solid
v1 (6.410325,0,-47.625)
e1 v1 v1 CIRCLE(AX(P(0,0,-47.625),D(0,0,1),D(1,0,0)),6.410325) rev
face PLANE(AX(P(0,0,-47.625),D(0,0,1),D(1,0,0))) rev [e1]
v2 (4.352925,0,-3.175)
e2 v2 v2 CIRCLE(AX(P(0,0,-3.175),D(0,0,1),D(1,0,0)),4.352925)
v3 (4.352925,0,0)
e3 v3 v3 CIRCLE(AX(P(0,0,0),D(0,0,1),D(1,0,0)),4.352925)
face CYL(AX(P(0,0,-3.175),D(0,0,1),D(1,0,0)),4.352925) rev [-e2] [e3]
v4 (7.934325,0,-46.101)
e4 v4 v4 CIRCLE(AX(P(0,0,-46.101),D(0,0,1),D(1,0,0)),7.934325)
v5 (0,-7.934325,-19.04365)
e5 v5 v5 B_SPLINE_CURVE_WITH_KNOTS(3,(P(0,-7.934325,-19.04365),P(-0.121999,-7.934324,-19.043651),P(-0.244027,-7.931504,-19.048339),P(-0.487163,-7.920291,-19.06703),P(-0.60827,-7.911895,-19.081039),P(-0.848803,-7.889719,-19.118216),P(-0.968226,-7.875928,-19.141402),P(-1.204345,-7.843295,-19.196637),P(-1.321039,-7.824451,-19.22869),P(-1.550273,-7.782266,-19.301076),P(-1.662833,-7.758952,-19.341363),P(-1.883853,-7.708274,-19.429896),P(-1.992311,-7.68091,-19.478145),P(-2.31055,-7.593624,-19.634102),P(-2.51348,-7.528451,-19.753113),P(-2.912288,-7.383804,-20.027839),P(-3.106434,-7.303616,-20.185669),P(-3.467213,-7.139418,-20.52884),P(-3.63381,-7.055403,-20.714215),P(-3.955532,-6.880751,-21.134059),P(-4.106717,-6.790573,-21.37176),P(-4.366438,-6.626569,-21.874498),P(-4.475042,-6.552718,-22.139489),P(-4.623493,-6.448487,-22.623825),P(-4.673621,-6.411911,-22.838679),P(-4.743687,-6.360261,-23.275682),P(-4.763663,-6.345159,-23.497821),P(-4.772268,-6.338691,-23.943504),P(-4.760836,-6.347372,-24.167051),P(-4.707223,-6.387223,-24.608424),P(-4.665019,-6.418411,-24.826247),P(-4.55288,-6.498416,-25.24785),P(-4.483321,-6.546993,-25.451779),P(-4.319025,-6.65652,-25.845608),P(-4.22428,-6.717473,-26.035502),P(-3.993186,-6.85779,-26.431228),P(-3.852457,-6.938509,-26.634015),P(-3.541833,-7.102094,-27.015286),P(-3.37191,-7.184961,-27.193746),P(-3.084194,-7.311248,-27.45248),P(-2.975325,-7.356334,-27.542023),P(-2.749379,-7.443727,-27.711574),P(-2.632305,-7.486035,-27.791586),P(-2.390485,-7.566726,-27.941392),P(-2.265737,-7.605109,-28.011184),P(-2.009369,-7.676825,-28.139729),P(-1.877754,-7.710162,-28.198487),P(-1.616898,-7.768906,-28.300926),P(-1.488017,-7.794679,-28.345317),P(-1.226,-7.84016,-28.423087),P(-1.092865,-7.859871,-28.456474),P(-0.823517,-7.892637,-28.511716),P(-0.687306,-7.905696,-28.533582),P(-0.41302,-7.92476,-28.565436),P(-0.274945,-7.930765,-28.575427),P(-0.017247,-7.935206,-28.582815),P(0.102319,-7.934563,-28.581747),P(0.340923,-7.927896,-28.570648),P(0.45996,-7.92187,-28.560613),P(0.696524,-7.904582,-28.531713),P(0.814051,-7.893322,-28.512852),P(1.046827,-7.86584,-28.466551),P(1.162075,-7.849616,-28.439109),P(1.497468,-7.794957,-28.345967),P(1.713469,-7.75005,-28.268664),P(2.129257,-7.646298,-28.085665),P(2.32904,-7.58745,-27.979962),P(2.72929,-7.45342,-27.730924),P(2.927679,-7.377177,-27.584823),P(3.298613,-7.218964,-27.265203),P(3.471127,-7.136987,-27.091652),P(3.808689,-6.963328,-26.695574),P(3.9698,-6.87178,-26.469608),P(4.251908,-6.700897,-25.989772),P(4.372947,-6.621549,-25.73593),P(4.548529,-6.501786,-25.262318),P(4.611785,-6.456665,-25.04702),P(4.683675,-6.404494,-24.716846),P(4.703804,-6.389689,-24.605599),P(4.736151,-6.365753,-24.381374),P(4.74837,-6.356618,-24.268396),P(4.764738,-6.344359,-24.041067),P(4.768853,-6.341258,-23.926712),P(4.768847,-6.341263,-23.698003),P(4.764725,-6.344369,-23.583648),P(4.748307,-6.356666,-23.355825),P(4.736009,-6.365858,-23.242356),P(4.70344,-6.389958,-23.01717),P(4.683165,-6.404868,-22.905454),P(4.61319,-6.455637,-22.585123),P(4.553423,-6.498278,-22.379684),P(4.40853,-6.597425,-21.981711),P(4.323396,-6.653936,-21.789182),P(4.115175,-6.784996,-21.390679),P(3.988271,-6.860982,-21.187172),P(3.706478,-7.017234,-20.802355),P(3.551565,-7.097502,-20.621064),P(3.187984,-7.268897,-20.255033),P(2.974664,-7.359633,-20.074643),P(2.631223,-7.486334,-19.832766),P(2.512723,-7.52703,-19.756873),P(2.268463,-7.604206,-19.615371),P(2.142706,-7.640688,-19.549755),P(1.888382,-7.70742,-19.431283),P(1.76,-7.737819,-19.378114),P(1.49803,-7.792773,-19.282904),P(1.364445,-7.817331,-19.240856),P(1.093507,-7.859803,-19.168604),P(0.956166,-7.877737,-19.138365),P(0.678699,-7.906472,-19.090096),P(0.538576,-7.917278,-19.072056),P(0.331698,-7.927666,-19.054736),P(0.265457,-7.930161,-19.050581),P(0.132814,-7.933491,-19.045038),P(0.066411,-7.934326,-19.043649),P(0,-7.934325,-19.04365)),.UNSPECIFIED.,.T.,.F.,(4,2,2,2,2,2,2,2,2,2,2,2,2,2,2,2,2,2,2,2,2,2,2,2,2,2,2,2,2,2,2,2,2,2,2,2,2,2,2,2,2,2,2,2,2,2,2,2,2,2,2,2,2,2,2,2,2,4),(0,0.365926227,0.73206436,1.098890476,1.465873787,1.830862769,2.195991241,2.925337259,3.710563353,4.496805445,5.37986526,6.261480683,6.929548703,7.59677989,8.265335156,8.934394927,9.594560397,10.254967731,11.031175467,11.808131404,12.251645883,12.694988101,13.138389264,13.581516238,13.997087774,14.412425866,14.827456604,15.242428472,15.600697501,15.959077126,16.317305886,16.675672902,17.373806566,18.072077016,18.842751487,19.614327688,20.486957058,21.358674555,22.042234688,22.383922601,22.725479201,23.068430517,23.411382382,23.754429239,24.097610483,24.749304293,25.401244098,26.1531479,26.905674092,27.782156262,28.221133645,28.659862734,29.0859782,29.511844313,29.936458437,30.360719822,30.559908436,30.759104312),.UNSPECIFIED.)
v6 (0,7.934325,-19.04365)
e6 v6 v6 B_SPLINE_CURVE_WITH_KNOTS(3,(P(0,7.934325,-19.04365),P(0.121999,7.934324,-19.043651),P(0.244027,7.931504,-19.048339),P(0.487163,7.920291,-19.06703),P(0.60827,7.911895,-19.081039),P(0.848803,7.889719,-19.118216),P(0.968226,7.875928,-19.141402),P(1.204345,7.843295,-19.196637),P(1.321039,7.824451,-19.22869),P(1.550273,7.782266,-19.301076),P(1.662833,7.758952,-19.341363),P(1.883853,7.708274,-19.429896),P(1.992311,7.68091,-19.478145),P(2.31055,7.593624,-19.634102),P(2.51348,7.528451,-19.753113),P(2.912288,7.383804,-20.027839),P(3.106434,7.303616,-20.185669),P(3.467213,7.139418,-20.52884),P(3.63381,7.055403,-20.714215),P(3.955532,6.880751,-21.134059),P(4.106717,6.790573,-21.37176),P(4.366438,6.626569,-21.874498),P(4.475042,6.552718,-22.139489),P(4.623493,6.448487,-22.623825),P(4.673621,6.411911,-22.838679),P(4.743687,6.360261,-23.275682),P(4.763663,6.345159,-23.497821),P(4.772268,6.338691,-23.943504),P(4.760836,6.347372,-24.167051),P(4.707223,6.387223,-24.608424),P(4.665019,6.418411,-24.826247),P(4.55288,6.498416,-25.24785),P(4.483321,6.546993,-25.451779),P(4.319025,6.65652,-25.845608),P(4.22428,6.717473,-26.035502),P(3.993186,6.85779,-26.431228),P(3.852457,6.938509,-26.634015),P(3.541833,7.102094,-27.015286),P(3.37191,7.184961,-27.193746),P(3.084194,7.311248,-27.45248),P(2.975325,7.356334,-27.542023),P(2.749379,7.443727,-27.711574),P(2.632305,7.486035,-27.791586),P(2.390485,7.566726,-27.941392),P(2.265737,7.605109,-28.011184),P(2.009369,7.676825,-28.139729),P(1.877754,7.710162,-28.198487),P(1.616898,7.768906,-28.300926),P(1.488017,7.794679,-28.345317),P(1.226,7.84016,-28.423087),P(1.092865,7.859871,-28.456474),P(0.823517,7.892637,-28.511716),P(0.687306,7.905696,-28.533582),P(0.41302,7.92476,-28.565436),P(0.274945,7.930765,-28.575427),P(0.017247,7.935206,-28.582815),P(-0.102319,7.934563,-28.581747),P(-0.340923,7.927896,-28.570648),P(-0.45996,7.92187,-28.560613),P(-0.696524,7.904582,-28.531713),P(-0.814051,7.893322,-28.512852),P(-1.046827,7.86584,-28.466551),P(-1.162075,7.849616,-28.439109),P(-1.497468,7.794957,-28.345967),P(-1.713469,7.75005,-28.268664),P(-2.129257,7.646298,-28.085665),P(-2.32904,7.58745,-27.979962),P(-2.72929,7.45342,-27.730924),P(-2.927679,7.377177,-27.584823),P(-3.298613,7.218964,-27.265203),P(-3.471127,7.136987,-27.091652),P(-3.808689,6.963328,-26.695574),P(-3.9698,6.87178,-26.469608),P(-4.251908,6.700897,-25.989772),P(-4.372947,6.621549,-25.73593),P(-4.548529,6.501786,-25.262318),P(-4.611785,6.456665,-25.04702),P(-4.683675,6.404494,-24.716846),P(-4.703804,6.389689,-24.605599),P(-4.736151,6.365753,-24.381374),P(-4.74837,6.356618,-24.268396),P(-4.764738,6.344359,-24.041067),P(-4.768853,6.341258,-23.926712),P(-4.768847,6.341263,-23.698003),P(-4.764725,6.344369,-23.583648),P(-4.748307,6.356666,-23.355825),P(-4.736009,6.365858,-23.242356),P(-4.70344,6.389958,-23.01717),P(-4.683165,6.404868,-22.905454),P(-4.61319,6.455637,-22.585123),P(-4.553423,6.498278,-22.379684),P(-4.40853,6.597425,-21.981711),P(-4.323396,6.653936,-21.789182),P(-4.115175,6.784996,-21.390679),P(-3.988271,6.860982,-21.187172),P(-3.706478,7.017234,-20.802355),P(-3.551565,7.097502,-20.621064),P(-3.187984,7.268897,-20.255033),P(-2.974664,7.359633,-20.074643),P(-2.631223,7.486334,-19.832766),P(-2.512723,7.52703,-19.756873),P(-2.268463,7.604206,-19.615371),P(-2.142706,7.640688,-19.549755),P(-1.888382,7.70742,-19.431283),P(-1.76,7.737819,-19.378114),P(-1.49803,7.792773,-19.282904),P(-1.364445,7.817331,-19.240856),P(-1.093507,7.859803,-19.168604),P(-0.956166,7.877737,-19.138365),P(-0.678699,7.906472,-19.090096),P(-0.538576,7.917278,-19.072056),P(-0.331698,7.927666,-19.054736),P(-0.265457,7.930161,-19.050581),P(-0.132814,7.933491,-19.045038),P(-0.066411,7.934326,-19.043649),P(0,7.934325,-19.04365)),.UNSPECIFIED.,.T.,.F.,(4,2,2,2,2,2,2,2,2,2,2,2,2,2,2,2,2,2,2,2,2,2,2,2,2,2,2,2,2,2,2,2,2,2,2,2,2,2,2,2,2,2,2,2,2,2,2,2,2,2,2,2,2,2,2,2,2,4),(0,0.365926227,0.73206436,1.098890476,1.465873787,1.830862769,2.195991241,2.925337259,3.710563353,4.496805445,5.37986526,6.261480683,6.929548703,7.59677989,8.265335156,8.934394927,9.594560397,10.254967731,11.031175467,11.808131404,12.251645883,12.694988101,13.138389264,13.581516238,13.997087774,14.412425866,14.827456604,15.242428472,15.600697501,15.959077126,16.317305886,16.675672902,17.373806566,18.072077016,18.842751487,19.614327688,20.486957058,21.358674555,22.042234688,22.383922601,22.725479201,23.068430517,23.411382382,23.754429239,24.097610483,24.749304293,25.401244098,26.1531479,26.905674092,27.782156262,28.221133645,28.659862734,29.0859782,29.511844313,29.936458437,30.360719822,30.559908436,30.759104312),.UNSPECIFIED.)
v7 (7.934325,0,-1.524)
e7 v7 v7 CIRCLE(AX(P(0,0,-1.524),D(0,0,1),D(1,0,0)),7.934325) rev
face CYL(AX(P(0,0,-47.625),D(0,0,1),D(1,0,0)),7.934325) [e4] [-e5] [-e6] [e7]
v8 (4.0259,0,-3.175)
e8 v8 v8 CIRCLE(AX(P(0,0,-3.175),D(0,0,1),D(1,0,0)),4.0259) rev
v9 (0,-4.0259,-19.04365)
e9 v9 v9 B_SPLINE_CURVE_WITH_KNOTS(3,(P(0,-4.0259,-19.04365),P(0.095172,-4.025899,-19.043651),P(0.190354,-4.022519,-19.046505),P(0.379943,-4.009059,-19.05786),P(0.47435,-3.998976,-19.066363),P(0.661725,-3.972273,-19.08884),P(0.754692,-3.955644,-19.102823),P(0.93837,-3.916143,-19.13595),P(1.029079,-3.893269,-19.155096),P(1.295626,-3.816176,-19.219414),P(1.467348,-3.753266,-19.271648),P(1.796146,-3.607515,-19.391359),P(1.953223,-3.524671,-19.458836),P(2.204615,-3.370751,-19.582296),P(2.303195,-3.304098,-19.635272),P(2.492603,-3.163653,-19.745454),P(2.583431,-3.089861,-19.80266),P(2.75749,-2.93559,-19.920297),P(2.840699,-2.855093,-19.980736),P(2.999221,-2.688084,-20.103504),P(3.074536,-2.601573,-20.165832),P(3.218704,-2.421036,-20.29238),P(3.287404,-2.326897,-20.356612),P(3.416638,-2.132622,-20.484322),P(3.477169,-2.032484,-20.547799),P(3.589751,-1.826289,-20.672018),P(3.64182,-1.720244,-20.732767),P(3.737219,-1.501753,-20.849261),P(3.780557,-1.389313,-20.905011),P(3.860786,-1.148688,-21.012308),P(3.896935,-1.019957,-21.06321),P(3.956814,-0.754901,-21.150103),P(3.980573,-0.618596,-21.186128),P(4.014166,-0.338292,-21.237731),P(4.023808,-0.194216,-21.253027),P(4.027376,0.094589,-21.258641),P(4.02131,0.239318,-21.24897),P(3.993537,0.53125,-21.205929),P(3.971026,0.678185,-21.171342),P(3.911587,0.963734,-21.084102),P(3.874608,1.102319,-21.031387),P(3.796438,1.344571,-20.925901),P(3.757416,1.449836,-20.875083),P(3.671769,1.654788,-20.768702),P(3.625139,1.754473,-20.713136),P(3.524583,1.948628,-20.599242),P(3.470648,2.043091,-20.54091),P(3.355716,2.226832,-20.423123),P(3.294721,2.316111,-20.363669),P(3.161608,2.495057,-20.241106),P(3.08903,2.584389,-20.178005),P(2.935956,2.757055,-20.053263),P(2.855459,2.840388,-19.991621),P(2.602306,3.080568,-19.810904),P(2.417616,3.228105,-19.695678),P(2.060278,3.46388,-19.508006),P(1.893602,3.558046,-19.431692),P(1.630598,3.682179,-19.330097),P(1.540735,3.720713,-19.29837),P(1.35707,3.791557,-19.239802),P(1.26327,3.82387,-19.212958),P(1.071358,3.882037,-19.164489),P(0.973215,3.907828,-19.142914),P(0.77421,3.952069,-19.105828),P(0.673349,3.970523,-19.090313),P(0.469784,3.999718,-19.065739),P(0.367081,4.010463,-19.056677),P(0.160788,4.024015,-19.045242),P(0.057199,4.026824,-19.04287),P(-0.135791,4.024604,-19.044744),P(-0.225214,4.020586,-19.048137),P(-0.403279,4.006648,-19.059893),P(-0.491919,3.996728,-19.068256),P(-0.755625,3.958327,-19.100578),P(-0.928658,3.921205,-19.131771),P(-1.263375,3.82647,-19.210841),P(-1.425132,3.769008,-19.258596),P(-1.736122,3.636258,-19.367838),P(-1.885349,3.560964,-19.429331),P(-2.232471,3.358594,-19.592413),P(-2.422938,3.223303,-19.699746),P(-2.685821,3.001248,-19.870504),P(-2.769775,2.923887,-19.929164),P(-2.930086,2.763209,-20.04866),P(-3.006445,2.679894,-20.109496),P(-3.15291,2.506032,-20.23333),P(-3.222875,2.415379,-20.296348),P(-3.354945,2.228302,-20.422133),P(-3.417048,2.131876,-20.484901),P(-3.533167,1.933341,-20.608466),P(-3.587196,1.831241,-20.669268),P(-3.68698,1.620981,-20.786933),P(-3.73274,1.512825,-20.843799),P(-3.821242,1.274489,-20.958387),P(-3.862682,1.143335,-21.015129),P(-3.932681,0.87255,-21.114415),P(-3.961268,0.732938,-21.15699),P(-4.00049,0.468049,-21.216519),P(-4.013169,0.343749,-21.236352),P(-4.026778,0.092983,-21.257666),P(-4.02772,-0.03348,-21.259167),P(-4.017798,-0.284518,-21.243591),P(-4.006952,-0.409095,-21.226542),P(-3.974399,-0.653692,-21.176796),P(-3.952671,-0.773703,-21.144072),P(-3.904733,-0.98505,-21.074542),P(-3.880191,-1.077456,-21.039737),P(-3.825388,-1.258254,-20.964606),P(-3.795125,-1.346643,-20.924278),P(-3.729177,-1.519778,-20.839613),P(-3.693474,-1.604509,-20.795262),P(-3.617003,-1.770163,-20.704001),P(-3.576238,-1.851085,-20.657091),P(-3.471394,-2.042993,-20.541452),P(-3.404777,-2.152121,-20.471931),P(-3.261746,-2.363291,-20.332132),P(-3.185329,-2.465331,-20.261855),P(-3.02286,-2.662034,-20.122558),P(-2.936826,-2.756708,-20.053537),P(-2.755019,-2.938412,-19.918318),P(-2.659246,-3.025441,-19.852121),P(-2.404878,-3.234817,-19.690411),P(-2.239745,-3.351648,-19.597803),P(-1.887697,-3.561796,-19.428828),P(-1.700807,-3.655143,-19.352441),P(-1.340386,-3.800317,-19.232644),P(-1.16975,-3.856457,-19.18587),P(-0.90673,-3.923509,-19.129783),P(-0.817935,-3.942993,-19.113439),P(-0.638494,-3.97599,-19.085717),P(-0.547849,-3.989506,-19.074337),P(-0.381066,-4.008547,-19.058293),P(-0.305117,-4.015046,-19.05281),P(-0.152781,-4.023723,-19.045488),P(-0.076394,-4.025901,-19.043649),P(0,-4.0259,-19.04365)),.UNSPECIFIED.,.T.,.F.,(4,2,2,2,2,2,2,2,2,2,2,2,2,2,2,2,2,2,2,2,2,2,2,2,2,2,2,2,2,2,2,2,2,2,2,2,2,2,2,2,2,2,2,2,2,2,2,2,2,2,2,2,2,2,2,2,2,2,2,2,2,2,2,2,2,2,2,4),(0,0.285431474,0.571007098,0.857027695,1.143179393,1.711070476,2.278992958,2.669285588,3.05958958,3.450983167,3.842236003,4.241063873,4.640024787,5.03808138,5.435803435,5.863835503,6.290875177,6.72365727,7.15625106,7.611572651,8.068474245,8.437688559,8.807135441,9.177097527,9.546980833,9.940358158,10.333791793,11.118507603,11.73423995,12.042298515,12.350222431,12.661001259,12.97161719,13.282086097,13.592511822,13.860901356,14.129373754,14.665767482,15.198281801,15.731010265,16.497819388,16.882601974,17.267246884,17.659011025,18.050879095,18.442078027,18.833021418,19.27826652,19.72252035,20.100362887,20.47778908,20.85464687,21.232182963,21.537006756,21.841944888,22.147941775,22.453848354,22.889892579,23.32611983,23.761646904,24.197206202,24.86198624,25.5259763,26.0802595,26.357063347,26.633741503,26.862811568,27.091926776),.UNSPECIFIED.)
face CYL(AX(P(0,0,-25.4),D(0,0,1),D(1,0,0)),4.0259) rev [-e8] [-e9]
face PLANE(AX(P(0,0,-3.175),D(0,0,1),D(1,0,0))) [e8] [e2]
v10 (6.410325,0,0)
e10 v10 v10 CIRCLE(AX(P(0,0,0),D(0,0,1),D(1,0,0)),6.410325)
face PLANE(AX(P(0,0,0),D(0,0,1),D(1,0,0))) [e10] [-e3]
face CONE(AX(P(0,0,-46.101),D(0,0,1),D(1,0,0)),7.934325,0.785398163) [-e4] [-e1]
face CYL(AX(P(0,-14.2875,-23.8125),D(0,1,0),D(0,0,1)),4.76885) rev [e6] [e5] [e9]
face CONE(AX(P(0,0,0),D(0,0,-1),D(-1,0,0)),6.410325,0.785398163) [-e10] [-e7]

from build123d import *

# Parameters (mm, degrees)
SKETCH1_R           = 7.934325
BOSS_EXTRUDE1_DEPTH = 47.625
SKETCH3_R           = 4.76885
CUT_EXTRUDE1_DEPTH  = 14.2875
SKETCH2_R           = 4.0259
CUT_EXTRUDE2_DEPTH  = 25.4
SKETCH5_R           = 4.352925
CUT_EXTRUDE3_DEPTH  = 3.175
CHAMFER1_SIZE       = 1.524


with BuildPart() as part:
    # Sketch1 → Boss-Extrude1 (new body)
    with BuildSketch(Plane.XY):
        Circle(SKETCH1_R)
    extrude(amount=-BOSS_EXTRUDE1_DEPTH)

    # Sketch3 → Cut-Extrude1 (cut, symmetric)
    with BuildSketch(Plane(origin=(0, 0, 0), x_dir=(1, 0, 0), z_dir=(0, 1, 0))):
        with Locations(Location((0, 23.8125, 0), (0, 0, 270))):
            Circle(SKETCH3_R)
    extrude(amount=CUT_EXTRUDE1_DEPTH, both=True, mode=Mode.SUBTRACT)

    # Sketch2 → Cut-Extrude2 (cut)
    with BuildSketch(Plane.XY):
        Circle(SKETCH2_R)
    extrude(amount=-CUT_EXTRUDE2_DEPTH, mode=Mode.SUBTRACT)

    # Sketch5 → Cut-Extrude3 (cut)
    with BuildSketch(Plane.XY):
        Circle(SKETCH5_R)
    extrude(amount=-CUT_EXTRUDE3_DEPTH, mode=Mode.SUBTRACT)

    # Chamfer1
    chamfer1_edges = [part.edges().sort_by_distance(p)[0] for p in [
        (-7.934325, 0, 0),
        (-7.934325, 0, -47.625),
    ]]
    chamfer(chamfer1_edges, length=CHAMFER1_SIZE)


solid = part.part
